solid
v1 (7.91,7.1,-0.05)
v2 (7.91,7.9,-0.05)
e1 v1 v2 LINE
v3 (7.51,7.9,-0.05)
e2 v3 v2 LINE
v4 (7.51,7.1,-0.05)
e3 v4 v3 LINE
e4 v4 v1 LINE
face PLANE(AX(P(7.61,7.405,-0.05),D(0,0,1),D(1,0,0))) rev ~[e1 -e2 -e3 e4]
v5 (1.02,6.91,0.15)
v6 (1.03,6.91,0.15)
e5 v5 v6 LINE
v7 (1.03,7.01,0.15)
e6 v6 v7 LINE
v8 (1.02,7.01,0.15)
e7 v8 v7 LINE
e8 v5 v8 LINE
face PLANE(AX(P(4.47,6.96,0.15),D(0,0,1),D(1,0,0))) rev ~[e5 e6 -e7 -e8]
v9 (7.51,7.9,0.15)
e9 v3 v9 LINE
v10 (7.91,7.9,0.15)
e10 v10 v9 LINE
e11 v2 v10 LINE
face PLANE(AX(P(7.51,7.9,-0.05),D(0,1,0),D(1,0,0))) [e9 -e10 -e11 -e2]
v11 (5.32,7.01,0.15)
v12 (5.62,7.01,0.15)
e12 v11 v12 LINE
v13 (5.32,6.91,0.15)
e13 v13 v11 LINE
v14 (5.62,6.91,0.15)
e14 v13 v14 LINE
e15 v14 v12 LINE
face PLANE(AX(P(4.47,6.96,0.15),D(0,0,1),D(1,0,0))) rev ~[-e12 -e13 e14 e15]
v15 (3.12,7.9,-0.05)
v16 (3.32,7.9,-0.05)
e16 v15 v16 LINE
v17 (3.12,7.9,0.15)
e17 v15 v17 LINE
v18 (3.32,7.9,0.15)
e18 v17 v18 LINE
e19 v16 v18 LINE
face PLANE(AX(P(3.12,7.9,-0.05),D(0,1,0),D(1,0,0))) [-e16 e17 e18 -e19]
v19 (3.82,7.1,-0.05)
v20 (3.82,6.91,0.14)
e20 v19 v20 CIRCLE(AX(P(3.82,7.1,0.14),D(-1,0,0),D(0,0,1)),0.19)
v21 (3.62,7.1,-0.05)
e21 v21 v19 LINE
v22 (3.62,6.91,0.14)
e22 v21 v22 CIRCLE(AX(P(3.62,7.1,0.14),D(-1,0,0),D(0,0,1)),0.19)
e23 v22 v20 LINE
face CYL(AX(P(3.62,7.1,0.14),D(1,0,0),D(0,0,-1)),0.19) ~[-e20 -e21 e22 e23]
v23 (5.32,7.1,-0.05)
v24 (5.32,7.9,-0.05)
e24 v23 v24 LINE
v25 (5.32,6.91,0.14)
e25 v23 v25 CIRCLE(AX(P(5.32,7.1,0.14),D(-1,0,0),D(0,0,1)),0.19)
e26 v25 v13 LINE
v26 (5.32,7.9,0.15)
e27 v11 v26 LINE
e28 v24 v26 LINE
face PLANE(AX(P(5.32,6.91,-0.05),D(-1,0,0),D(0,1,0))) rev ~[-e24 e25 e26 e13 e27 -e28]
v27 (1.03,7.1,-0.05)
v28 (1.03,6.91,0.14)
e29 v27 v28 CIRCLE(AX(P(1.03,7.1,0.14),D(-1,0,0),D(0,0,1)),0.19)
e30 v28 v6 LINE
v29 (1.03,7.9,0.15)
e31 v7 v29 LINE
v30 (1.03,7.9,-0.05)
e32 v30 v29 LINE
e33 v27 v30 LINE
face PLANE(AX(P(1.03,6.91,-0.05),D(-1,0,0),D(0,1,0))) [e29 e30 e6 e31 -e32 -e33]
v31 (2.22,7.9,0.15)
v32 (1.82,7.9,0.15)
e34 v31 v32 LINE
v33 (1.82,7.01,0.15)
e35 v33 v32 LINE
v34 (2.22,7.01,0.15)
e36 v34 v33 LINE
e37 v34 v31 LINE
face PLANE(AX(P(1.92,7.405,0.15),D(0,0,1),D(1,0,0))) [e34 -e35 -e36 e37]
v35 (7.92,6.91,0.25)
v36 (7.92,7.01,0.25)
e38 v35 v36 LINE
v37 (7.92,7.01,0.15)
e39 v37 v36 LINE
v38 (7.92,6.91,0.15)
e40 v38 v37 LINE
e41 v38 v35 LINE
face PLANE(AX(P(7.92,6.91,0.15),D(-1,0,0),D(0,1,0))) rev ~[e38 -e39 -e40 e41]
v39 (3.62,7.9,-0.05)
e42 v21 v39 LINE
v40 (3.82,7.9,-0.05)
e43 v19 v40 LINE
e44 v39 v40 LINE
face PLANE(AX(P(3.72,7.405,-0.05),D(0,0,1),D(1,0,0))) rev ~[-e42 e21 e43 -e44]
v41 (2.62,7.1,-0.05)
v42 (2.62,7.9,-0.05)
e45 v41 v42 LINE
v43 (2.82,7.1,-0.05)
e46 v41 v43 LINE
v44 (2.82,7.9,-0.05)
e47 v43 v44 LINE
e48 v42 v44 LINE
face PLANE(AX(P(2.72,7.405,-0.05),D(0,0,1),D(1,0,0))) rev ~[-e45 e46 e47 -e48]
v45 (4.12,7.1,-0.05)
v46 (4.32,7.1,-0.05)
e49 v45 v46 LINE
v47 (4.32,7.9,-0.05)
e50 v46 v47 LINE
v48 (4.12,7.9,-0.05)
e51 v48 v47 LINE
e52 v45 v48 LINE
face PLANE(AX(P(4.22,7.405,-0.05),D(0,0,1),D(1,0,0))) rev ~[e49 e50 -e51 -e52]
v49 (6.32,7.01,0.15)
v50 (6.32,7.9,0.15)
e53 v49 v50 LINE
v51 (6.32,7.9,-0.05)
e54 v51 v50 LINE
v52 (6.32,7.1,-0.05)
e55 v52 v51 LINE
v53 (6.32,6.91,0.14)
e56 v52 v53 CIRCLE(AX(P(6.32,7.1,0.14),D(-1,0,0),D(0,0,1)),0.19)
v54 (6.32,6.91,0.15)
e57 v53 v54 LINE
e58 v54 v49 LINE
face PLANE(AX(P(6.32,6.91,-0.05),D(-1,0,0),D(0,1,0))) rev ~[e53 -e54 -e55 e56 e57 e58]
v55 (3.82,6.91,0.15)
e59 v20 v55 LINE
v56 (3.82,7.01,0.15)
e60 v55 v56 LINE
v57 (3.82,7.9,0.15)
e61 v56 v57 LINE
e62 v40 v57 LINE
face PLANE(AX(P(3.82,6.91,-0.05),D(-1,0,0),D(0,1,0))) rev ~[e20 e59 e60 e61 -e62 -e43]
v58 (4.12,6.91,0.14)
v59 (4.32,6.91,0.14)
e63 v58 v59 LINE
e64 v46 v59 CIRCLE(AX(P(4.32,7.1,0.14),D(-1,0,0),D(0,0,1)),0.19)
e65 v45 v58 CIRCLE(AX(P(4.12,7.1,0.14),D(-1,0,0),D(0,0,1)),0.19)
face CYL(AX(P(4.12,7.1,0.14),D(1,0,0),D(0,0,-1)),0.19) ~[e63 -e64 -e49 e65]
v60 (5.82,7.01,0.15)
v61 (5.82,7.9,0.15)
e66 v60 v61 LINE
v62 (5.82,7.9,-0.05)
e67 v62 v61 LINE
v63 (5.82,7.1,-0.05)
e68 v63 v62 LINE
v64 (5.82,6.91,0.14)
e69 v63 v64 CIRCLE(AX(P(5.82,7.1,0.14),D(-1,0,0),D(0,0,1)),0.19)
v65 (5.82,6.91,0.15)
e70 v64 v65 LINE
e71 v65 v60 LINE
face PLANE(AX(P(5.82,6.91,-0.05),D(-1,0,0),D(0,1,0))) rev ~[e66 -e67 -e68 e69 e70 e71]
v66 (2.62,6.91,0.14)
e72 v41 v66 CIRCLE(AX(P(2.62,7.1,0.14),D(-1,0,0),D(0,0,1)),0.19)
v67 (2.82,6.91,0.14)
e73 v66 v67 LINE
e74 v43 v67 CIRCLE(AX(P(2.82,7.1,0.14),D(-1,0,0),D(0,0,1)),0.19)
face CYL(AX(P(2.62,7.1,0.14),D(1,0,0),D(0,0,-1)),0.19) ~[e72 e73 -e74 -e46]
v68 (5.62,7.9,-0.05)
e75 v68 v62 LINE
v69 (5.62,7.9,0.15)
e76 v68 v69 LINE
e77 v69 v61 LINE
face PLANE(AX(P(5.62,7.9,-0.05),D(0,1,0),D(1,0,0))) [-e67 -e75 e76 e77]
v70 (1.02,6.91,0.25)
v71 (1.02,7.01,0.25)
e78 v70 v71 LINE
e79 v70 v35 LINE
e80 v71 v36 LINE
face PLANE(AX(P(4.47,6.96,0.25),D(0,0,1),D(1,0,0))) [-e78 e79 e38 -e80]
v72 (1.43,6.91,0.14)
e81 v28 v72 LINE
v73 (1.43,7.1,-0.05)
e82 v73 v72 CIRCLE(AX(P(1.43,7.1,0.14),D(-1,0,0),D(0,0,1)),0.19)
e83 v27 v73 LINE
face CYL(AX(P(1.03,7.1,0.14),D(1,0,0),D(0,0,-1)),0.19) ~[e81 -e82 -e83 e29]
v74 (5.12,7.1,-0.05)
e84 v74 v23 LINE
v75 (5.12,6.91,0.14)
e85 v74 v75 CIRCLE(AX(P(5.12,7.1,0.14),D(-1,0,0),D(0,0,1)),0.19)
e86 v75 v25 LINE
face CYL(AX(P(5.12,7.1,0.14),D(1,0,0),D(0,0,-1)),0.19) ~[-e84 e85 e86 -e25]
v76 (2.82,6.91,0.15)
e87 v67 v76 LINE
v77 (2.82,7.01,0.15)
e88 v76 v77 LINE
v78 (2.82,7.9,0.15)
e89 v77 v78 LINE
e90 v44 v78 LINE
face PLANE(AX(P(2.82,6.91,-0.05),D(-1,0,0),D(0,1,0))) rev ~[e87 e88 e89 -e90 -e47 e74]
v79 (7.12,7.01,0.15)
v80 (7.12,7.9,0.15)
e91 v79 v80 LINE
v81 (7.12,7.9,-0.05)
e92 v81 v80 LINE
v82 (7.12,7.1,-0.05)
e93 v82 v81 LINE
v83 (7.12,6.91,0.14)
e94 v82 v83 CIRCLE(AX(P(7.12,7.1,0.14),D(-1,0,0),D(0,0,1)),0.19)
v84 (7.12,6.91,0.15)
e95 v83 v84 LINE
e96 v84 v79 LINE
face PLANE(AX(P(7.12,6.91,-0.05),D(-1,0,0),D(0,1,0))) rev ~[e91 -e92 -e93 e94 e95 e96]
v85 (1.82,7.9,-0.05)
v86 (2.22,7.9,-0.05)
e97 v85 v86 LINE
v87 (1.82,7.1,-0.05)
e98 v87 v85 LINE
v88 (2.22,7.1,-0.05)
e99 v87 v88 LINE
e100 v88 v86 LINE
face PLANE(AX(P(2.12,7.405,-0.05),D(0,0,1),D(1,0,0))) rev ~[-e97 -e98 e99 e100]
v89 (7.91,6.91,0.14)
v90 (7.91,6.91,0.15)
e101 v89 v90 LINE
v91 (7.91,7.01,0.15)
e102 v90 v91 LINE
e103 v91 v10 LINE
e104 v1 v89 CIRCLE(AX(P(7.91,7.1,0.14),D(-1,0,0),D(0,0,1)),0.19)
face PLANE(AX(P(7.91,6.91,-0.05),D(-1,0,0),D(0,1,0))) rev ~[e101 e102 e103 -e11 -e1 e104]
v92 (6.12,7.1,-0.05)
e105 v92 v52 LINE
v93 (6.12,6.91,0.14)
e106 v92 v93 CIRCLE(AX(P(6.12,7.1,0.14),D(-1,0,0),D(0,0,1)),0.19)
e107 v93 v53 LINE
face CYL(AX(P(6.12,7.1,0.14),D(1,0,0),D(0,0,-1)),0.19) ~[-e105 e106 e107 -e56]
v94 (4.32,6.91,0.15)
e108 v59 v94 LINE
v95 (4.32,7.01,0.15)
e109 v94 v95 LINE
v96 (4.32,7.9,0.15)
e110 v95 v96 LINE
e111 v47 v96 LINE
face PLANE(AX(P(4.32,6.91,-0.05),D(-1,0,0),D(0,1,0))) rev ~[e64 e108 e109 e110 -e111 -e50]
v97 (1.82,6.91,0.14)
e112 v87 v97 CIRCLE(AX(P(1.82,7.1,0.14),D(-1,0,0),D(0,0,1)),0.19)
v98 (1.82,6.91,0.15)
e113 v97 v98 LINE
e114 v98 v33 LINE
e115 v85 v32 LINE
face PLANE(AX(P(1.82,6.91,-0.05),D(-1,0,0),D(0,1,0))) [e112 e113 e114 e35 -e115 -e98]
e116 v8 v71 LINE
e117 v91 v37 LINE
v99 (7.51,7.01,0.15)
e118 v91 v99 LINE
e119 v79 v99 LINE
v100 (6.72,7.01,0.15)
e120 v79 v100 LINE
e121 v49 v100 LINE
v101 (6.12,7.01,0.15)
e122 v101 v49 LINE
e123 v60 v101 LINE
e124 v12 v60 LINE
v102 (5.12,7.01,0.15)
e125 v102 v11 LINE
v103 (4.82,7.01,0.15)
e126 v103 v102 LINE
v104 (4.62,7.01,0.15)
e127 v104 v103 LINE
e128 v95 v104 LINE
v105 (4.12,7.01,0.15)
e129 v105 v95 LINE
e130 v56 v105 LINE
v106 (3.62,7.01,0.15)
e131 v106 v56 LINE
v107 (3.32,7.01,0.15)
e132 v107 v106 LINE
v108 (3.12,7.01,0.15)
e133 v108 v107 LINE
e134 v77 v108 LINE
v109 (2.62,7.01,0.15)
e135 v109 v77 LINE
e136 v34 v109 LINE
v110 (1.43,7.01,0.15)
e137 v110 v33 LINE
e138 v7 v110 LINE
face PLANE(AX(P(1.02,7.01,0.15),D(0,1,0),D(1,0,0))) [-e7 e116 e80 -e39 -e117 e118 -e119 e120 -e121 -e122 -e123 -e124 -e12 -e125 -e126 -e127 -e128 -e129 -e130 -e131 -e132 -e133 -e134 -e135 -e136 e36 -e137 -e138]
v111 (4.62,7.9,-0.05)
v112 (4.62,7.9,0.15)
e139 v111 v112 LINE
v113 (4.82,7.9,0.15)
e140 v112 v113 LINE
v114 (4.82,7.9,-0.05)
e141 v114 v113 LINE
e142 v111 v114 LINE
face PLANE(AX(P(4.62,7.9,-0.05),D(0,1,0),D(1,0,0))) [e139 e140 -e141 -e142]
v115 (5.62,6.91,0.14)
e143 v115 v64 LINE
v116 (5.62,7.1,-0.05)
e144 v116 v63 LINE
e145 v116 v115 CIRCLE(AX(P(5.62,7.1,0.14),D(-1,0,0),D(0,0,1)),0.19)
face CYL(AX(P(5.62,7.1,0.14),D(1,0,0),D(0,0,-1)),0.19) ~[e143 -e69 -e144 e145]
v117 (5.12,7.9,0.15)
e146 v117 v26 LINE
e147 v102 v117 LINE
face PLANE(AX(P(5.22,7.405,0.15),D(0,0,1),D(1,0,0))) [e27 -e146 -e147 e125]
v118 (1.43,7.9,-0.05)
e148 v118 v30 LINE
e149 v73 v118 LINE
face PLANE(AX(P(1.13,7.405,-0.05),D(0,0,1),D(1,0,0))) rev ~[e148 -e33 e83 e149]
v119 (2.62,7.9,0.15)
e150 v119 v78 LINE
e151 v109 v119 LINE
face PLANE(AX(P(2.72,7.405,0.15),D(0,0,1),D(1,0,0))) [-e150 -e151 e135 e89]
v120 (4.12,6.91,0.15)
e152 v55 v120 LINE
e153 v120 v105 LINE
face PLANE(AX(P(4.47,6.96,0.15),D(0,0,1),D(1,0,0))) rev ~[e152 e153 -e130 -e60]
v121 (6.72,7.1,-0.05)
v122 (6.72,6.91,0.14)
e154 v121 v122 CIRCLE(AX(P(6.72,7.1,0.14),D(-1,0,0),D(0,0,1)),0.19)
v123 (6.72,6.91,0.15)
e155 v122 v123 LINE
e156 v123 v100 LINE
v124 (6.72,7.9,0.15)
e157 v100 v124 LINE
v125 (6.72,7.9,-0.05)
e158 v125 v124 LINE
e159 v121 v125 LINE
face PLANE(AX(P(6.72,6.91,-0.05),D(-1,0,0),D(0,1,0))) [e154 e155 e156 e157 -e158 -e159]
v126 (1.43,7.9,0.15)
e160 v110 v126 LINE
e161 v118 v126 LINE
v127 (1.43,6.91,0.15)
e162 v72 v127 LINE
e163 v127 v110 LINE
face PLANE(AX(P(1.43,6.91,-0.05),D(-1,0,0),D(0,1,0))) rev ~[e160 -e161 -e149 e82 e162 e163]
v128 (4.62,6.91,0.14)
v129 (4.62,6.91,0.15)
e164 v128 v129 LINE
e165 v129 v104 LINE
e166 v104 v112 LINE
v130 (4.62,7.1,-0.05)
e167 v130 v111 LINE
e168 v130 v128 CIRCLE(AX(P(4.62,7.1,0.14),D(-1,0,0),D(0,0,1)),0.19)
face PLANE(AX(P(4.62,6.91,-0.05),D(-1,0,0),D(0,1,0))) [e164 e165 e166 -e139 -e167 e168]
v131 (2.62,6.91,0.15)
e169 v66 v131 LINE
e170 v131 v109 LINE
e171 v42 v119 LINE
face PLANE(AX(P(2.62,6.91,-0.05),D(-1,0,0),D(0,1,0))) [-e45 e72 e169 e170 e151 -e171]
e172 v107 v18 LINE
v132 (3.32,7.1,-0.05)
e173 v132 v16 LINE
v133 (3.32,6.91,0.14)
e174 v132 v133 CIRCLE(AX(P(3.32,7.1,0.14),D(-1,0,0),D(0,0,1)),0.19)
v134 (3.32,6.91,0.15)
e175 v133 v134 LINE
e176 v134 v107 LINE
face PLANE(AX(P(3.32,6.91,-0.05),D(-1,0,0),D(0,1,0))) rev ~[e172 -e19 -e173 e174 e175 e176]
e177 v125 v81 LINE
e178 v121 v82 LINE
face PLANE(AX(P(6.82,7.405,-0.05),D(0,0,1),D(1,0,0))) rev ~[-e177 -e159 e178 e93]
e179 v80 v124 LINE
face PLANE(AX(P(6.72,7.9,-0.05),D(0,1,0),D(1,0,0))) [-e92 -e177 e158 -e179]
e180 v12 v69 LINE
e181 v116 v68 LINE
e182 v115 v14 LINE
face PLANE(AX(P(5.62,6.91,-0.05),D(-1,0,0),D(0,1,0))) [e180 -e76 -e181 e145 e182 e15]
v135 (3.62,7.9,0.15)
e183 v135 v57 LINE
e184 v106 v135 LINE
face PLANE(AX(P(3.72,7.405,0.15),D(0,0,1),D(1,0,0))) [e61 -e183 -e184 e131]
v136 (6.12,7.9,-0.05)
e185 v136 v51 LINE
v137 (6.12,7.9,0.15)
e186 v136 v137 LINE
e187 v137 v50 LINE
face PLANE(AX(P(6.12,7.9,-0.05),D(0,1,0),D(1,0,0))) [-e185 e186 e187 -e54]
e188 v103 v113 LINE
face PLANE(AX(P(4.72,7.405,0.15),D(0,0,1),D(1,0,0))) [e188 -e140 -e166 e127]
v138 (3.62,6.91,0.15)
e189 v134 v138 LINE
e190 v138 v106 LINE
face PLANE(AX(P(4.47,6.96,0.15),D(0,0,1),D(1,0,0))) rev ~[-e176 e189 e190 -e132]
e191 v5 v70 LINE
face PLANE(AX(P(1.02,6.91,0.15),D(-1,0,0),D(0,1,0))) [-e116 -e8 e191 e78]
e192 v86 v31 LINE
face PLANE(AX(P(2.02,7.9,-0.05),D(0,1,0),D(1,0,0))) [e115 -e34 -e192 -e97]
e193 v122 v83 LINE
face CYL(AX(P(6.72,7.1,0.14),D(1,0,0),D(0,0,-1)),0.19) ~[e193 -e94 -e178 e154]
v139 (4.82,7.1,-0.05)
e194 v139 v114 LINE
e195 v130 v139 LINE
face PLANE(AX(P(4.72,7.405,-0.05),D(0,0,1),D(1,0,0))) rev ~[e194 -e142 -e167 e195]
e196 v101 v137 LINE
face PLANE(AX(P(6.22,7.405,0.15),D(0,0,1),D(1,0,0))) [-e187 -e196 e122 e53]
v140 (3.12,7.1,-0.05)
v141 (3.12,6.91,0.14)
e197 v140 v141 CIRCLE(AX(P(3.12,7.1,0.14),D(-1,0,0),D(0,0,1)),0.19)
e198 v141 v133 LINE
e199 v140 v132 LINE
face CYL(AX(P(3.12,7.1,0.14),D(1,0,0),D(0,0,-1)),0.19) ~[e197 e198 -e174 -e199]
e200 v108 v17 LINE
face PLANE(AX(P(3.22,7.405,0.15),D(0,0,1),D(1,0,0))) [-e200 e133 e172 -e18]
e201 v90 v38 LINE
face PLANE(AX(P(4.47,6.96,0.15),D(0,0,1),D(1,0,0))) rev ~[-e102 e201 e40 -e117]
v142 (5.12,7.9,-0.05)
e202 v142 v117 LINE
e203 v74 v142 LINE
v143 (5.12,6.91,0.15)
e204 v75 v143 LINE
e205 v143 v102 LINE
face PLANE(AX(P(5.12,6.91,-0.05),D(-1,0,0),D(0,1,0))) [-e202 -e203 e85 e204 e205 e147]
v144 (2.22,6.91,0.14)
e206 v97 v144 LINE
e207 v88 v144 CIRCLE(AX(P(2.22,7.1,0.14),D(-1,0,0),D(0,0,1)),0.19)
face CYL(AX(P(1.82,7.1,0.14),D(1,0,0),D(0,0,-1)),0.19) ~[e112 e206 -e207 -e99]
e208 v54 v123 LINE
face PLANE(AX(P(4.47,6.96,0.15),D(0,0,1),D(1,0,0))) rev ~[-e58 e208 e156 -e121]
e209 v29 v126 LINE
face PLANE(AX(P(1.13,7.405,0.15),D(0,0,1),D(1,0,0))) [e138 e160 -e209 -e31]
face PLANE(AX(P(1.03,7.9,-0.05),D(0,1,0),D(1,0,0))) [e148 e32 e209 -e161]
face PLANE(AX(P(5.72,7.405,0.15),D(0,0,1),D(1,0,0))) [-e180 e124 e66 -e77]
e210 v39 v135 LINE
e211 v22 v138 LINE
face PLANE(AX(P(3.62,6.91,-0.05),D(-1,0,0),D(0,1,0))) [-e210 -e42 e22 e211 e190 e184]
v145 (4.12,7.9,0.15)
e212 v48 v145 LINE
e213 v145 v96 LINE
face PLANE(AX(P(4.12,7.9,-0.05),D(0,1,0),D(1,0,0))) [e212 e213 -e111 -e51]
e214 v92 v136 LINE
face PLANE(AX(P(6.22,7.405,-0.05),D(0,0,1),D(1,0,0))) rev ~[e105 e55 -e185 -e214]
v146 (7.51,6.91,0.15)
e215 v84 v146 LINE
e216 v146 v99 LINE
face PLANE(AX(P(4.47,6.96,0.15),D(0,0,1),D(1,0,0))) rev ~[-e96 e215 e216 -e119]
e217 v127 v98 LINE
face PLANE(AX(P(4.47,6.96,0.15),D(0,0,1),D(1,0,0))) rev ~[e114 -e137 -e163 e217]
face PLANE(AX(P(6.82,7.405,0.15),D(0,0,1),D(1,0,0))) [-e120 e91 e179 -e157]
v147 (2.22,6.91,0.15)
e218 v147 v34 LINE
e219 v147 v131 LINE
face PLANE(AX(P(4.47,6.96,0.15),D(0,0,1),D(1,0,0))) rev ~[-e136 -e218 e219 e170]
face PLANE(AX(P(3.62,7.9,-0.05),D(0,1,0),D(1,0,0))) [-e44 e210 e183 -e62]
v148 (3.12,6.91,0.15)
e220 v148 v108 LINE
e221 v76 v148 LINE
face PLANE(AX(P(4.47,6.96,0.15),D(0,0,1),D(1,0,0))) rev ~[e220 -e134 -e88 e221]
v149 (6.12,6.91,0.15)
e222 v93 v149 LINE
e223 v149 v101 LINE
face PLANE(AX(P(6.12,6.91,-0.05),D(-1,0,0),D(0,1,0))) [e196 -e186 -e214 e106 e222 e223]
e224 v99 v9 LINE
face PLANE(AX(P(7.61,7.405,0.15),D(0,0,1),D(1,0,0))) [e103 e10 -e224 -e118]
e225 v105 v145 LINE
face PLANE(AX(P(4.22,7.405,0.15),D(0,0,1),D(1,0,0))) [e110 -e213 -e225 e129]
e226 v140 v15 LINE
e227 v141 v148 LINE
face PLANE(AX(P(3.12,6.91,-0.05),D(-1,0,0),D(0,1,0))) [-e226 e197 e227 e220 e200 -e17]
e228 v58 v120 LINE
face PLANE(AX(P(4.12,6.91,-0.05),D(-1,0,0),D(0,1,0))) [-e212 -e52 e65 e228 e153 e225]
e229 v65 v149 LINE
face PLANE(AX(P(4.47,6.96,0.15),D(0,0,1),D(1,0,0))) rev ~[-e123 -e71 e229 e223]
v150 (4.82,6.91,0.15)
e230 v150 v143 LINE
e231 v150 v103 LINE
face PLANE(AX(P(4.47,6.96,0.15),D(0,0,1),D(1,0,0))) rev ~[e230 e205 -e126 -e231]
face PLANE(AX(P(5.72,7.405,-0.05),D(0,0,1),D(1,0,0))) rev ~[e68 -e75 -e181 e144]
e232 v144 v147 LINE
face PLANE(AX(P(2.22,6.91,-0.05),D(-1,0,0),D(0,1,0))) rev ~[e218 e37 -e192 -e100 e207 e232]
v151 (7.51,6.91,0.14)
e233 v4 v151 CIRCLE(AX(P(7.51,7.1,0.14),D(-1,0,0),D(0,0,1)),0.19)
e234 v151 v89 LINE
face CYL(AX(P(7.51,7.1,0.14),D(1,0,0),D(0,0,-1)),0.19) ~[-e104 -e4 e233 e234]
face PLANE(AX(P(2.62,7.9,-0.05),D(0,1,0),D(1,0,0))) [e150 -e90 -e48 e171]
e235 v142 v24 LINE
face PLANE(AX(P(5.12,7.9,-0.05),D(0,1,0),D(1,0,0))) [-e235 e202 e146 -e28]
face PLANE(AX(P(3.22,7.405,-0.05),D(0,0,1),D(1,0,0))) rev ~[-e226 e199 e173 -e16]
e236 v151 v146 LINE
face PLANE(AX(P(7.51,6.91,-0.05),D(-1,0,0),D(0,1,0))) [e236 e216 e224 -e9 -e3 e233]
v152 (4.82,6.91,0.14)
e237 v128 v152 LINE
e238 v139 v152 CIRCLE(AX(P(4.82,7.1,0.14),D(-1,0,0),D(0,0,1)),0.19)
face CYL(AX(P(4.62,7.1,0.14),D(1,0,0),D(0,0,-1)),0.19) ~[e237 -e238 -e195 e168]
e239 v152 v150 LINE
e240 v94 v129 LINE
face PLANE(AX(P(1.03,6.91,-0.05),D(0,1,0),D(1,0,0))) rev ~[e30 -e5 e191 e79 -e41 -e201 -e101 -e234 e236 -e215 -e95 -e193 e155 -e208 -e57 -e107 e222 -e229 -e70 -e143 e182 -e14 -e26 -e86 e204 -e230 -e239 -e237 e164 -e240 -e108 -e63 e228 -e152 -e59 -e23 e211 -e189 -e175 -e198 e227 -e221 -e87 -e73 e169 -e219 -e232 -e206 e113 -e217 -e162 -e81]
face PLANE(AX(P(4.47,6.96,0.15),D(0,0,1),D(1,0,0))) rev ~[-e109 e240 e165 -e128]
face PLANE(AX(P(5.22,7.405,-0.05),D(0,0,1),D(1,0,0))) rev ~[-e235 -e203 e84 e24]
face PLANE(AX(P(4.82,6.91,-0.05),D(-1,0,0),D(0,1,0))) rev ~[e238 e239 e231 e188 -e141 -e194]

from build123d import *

# Parameters (mm, degrees)
SKETCH015_W  = 6.9
SKETCH015_H  = 0.1
PAD008_DEPTH = 0.1
SKETCH017_W  = 0.2
SKETCH017_H  = 0.99
PAD009_DEPTH = 0.2
SKETCH018_W  = 0.2
SKETCH018_H  = 0.99
PAD010_DEPTH = 0.2
FILLET003_R  = 0.19


with BuildPart() as part:
    # Sketch015 → Pad008 (new body)
    with BuildSketch(Plane.XY.offset(0.15)):
        with Locations((4.47, 6.96)):
            Rectangle(SKETCH015_W, SKETCH015_H)
    extrude(amount=PAD008_DEPTH)

    # Sketch017 → Pad009 (join)
    with BuildSketch(Plane.XY.offset(-0.05)):
        with Locations((1.33, 7.405)):
            Rectangle(SKETCH017_W, SKETCH017_H)
        with Locations((2.12, 7.405)):
            Rectangle(SKETCH017_W, SKETCH017_H)
        with Locations((2.72, 7.405)):
            Rectangle(SKETCH017_W, SKETCH017_H)
        with Locations((3.22, 7.405)):
            Rectangle(SKETCH017_W, SKETCH017_H)
        with Locations((3.72, 7.405)):
            Rectangle(SKETCH017_W, SKETCH017_H)
        with Locations((4.22, 7.405)):
            Rectangle(SKETCH017_W, SKETCH017_H)
        with Locations((4.72, 7.405)):
            Rectangle(SKETCH017_W, SKETCH017_H)
        with Locations((5.22, 7.405)):
            Rectangle(SKETCH017_W, SKETCH017_H)
        with Locations((5.72, 7.405)):
            Rectangle(SKETCH017_W, SKETCH017_H)
        with Locations((6.22, 7.405)):
            Rectangle(SKETCH017_W, SKETCH017_H)
        with Locations((6.82, 7.405)):
            Rectangle(SKETCH017_W, SKETCH017_H)
        with Locations((7.61, 7.405)):
            Rectangle(SKETCH017_W, SKETCH017_H)
    extrude(amount=PAD009_DEPTH)

    # Sketch018 → Pad010 (join)
    with BuildSketch(Plane.XY.offset(-0.05)):
        with Locations((1.13, 7.405)):
            Rectangle(SKETCH018_W, SKETCH018_H)
        with Locations((1.92, 7.405)):
            Rectangle(SKETCH018_W, SKETCH018_H)
        with Locations((7.02, 7.405)):
            Rectangle(SKETCH018_W, SKETCH018_H)
        with Locations((7.81, 7.405)):
            Rectangle(SKETCH018_W, SKETCH018_H)
    extrude(amount=PAD010_DEPTH)

    # Fillet003
    fillet003_edges = [part.edges().sort_by_distance(p)[0] for p in [
        (7.81, 6.91, -0.05),
        (7.61, 6.91, -0.05),
        (7.02, 6.91, -0.05),
        (6.82, 6.91, -0.05),
        (6.22, 6.91, -0.05),
        (5.72, 6.91, -0.05),
        (5.22, 6.91, -0.05),
        (4.72, 6.91, -0.05),
        (4.22, 6.91, -0.05),
        (3.72, 6.91, -0.05),
        (3.22, 6.91, -0.05),
        (2.72, 6.91, -0.05),
        (2.12, 6.91, -0.05),
        (1.92, 6.91, -0.05),
        (1.33, 6.91, -0.05),
        (1.13, 6.91, -0.05),
    ]]
    fillet(fillet003_edges, radius=FILLET003_R)


solid = part.part
